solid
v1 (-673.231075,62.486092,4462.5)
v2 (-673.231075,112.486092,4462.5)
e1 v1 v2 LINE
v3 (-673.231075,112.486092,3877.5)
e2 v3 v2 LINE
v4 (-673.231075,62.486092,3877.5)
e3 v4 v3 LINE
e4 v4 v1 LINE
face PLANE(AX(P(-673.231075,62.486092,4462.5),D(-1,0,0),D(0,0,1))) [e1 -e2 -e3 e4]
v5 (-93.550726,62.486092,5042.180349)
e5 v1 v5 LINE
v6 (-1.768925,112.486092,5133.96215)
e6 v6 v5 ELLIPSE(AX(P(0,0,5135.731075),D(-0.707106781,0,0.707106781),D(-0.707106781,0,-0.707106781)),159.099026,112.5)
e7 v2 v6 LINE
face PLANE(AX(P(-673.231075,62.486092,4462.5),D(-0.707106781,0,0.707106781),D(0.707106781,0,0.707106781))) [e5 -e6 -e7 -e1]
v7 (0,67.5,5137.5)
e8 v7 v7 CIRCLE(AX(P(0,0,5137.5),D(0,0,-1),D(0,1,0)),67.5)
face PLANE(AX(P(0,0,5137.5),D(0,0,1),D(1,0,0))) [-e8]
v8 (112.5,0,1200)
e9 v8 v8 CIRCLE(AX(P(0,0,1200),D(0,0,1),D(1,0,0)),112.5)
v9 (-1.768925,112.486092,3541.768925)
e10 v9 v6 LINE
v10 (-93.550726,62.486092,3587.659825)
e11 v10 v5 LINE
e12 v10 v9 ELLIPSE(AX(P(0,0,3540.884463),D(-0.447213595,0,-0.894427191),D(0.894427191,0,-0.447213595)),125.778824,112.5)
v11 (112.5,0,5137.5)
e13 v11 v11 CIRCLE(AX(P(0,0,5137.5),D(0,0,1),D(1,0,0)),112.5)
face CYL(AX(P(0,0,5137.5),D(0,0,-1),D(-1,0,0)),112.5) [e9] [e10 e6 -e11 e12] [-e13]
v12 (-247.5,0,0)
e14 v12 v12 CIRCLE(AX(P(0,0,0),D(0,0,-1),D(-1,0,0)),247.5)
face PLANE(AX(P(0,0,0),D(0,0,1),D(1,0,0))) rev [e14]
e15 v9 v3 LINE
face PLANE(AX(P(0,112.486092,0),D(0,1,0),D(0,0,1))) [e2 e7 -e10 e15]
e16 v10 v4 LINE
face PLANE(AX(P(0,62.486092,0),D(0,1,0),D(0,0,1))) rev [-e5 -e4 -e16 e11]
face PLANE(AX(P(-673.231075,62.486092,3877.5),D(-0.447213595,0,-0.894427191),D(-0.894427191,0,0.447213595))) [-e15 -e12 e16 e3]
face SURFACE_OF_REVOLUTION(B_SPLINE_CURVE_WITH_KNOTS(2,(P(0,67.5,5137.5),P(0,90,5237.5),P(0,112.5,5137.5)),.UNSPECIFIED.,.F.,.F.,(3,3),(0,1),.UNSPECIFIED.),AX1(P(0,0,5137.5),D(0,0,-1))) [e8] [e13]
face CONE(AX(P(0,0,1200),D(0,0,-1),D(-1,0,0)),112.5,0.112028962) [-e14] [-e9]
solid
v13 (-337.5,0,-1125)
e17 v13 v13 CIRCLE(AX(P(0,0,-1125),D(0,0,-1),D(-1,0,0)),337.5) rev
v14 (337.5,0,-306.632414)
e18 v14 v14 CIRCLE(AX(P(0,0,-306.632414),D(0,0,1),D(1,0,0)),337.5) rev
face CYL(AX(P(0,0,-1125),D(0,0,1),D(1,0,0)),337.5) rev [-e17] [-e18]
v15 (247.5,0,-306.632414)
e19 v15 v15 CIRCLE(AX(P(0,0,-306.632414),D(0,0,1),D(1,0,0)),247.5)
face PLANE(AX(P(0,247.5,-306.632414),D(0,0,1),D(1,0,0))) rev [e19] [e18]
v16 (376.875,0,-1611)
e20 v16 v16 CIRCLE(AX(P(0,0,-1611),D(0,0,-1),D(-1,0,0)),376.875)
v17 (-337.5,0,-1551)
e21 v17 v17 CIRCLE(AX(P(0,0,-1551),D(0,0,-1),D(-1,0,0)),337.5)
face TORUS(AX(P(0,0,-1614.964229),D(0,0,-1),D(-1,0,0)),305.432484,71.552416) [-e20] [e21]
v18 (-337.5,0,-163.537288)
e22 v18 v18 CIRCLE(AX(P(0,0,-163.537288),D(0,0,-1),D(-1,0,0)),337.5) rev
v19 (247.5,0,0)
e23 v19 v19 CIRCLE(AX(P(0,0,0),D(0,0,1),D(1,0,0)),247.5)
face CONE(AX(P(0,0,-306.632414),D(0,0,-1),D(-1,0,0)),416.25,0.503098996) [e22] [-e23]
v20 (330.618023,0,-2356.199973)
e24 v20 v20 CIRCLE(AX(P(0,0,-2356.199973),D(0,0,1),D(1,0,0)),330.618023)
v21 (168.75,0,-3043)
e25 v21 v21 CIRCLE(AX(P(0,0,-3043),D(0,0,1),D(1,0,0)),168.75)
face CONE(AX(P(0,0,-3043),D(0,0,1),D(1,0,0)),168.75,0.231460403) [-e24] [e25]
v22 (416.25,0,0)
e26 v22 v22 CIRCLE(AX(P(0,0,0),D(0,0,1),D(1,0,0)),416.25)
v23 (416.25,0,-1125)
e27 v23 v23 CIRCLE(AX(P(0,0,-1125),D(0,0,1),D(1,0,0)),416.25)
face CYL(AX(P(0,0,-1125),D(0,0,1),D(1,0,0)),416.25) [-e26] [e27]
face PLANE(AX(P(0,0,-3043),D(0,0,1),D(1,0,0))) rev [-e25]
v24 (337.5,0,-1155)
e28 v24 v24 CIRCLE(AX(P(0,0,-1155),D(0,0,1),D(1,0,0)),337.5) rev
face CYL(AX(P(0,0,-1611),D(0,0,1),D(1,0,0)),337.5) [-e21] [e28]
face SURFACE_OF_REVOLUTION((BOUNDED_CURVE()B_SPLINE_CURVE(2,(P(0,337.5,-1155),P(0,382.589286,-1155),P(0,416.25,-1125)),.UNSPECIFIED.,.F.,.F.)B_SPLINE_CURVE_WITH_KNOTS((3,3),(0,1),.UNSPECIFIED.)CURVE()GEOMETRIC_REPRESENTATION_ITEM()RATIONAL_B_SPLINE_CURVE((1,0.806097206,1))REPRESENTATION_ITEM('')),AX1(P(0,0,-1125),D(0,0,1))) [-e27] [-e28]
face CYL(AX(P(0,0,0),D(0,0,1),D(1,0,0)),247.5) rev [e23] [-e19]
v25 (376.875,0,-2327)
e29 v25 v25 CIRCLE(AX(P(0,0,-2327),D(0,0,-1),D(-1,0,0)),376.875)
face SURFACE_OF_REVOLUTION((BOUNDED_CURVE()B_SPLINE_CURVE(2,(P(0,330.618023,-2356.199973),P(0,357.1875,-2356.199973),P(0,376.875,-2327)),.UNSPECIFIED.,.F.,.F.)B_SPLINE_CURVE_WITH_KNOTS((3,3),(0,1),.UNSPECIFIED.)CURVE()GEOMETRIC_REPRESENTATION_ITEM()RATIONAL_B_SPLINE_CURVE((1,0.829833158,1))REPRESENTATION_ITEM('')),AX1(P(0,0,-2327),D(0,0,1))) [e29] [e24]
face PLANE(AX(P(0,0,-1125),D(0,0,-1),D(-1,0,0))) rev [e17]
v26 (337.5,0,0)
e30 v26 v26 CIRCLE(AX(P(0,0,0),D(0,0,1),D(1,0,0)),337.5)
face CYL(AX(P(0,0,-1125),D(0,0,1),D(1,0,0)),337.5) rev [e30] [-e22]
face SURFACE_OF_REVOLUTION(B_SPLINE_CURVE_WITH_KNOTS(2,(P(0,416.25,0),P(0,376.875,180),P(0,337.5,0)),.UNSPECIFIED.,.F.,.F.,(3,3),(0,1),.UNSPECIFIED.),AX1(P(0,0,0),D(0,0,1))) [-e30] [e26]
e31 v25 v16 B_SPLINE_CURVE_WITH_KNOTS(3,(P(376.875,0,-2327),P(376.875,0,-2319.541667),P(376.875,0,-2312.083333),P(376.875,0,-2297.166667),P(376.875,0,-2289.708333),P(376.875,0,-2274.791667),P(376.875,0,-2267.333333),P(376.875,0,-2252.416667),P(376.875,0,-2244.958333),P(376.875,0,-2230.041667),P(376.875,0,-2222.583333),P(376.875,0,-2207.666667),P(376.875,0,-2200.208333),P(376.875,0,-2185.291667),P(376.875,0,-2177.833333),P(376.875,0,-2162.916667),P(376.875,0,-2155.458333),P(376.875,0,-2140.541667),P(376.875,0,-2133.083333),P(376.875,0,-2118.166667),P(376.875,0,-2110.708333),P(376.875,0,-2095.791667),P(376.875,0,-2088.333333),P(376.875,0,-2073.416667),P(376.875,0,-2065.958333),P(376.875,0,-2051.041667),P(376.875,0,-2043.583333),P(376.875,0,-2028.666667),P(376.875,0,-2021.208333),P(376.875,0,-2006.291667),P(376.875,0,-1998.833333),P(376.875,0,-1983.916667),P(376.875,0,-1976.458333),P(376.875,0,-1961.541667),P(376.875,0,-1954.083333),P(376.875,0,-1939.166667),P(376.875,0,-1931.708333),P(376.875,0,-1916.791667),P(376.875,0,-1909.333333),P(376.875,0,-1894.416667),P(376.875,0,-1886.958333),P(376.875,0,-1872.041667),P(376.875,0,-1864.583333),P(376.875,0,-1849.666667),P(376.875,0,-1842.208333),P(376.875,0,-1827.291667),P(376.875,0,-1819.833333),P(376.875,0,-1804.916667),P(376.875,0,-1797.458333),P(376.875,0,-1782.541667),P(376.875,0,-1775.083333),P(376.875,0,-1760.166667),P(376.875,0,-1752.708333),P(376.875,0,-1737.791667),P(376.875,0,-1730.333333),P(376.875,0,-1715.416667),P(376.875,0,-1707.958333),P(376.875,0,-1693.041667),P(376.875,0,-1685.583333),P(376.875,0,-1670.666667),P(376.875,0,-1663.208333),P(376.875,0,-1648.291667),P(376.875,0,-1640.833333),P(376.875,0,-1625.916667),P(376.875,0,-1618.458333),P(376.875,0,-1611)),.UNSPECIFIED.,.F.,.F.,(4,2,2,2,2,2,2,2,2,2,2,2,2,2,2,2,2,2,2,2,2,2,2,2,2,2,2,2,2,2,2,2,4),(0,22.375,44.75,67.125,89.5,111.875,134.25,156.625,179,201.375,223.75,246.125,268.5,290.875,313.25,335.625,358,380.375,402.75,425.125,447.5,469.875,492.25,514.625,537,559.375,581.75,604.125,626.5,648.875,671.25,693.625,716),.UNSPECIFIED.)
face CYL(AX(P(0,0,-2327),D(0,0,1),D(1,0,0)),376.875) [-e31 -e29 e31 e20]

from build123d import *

# Parameters (mm, degrees)
SKETCH1_R           = 416.25
SKETCH1_R_2         = 337.5
BOSS_EXTRUDE1_DEPTH = 1125
SKETCH5_R           = 112.5
BOSS_EXTRUDE2_DEPTH = 3937.5
SKETCH15_R          = 337.5
BOSS_EXTRUDE5_DEPTH = 486
SKETCH16_R          = 376.875
BOSS_EXTRUDE6_DEPTH = 716
BOSS_EXTRUDE7_DEPTH = 50


with BuildPart() as part:
    # Sketch1 → Boss-Extrude1 (new body)
    with BuildSketch(Plane.XY):
        Circle(SKETCH1_R)
        Circle(SKETCH1_R_2, mode=Mode.SUBTRACT)
    extrude(amount=-BOSS_EXTRUDE1_DEPTH)

    # Sketch2 → Revolve1 (revolve)
    with BuildSketch(Plane(origin=(0, 0, 0), x_dir=(0, 0, -1), z_dir=(1, 0, 0))):
        with BuildLine():
            Line((0, 416.25), (0, 337.5))
            add(Edge.make_bspline(
                [(0, 337.5), (-180, 376.875), (0, 416.25)],
                knots=[0, 0, 0, 1, 1, 1], degree=2))
        make_face()
    revolve(axis=Axis((0, 0, 0), (0, 0, -1)))

    # Sketch18 → Revolve6 (revolve)
    with BuildSketch(Plane(origin=(0, 0, 0), x_dir=(0, 0, -1), z_dir=(1, 0, 0)), mode=Mode.PRIVATE) as revolve6_sk:
        Polygon((0, 247.5), (306.632414301, 416.25), (306.632414301, 247.5), align=None)
    revolve(revolve6_sk.sketch.rotate(Axis((0, 0, 0), (0, 0, -1)), 90), axis=Axis((0, 0, 0), (0, 0, -1)))



with BuildPart() as body_2:
    # Sketch4 → Revolve2 (revolve)
    with BuildSketch(Plane(origin=(0, 0, 0), x_dir=(1, 0, 0), z_dir=(0, 1, 0)), mode=Mode.PRIVATE) as revolve2_sk:
        Polygon((0, 0), (0, -1200), (112.5, -1200), (247.5, 0), align=None)
    revolve(revolve2_sk.sketch.rotate(Axis((0, 0, 0), (0, 0, 1)), 180), axis=Axis((0, 0, 0), (0, 0, 1)))

    # Sketch5 → Boss-Extrude2 (add)
    with BuildSketch(Plane.XY.offset(1200)):
        Circle(SKETCH5_R)
    extrude(amount=BOSS_EXTRUDE2_DEPTH)

    # Sketch14 → Revolve4 (revolve)
    with BuildSketch(Plane(origin=(0, 0, 0), x_dir=(0, 0, -1), z_dir=(1, 0, 0))):
        with BuildLine():
            add(Edge.make_bspline(
                [(-5137.5, 67.5), (-5237.5, 90), (-5137.5, 112.5)],
                knots=[0, 0, 0, 1, 1, 1], degree=2))
            Line((-5137.5, 112.5), (-5137.5, 67.5))
        make_face()
    revolve(axis=Axis((0, 0, 5137.5), (0, 0, 1)))

    # Sketch22 → Boss-Extrude7 (add)
    with BuildSketch(Plane(origin=(0, 112.486092048, 0), x_dir=(1, 0, 0), z_dir=(0, 1, 0))):
        Polygon((1.768925034, -5137.5), (1.768925034, -3540), (-673.231074966, -3877.5), (-673.231074966, -4462.5), align=None)
    extrude(amount=-BOSS_EXTRUDE7_DEPTH)


with BuildPart() as body_3:
    # Sketch15 → Boss-Extrude5 (new body)
    with BuildSketch(Plane(origin=(0, 0, -1125), x_dir=(-1, 0, 0), z_dir=(0, 0, -1))):
        with Locations(Location((0, 0, 0), (0, 0, 180))):
            Circle(SKETCH15_R)
    extrude(amount=BOSS_EXTRUDE5_DEPTH)

    # Sketch16 → Boss-Extrude6 (add)
    with BuildSketch(Plane(origin=(0, 0, -1611), x_dir=(-1, 0, 0), z_dir=(0, 0, -1))):
        with Locations(Location((0, 0, 0), (0, 0, 180))):
            Circle(SKETCH16_R)
    extrude(amount=BOSS_EXTRUDE6_DEPTH)

    # Sketch17 → Revolve5 (revolve)
    with BuildSketch(Plane(origin=(0, 0, 0), x_dir=(0, 0, -1), z_dir=(1, 0, 0)), mode=Mode.PRIVATE) as revolve5_sk:
        Polygon((2327, 0), (3043, 0), (3043, 168.75), (2327, 337.5), align=None)
    revolve(revolve5_sk.sketch.rotate(Axis((0, 0, -2327), (0, 0, -1)), 270), axis=Axis((0, 0, -2327), (0, 0, -1)))

    # Sketch19 → Revolve9 (revolve)
    with BuildSketch(Plane(origin=(0, 0, 0), x_dir=(0, 0, -1), z_dir=(1, 0, 0)), mode=Mode.PRIVATE) as revolve9_sk:
        with BuildLine():
            Line((1611, 337.5), (1551, 337.5))
            ThreePointArc((1551, 337.5), (1575.706535425, 365.253731733), (1611, 376.875))
            Line((1611, 376.875), (1611, 337.5))
        make_face()
    revolve(revolve9_sk.sketch.rotate(Axis((0, 0, -1611), (0, 0, 1)), 90), axis=Axis((0, 0, -1611), (0, 0, 1)))


with BuildPart() as part_1:
    add(part.part)

    add(body_3.part)  # Revolve11 merges body 3
    # Sketch20 → Revolve11 (revolve)
    with BuildSketch(Plane(origin=(0, 0, 0), x_dir=(0, 0, -1), z_dir=(1, 0, 0)), mode=Mode.PRIVATE) as revolve11_sk:
        with BuildLine():
            Line((1125, 337.5), (1125, 416.25))
            add(Edge.make_bspline(
                [(1155, 337.5), (1155, 382.589285714), (1125, 416.25)],
                knots=[0, 0, 0, 1, 1, 1], degree=2, weights=[1, 0.806097206, 1]))
            Line((1155, 337.5), (1125, 337.5))
        make_face()
    revolve(revolve11_sk.sketch.rotate(Axis((0, 0, -1125), (0, 0, -1)), 90), axis=Axis((0, 0, -1125), (0, 0, -1)))

    # Sketch21 → Revolve12 (revolve)
    with BuildSketch(Plane(origin=(0, 0, 0), x_dir=(0, 0, -1), z_dir=(1, 0, 0)), mode=Mode.PRIVATE) as revolve12_sk:
        with BuildLine():
            Line((2327, 337.5), (2327, 376.875))
            add(Edge.make_bspline(
                [(2327, 376.875), (2356.199972531, 357.1875), (2356.199972531, 330.618023234)],
                knots=[0, 0, 0, 1, 1, 1], degree=2, weights=[1, 0.829833158, 1]))
            Line((2356.199972531, 330.618023234), (2327, 337.5))
        make_face()
    revolve(revolve12_sk.sketch.rotate(Axis((0, 0, -2327), (0, 0, -1)), 90), axis=Axis((0, 0, -2327), (0, 0, -1)))


solid = Compound([body_2.part, part_1.part])
